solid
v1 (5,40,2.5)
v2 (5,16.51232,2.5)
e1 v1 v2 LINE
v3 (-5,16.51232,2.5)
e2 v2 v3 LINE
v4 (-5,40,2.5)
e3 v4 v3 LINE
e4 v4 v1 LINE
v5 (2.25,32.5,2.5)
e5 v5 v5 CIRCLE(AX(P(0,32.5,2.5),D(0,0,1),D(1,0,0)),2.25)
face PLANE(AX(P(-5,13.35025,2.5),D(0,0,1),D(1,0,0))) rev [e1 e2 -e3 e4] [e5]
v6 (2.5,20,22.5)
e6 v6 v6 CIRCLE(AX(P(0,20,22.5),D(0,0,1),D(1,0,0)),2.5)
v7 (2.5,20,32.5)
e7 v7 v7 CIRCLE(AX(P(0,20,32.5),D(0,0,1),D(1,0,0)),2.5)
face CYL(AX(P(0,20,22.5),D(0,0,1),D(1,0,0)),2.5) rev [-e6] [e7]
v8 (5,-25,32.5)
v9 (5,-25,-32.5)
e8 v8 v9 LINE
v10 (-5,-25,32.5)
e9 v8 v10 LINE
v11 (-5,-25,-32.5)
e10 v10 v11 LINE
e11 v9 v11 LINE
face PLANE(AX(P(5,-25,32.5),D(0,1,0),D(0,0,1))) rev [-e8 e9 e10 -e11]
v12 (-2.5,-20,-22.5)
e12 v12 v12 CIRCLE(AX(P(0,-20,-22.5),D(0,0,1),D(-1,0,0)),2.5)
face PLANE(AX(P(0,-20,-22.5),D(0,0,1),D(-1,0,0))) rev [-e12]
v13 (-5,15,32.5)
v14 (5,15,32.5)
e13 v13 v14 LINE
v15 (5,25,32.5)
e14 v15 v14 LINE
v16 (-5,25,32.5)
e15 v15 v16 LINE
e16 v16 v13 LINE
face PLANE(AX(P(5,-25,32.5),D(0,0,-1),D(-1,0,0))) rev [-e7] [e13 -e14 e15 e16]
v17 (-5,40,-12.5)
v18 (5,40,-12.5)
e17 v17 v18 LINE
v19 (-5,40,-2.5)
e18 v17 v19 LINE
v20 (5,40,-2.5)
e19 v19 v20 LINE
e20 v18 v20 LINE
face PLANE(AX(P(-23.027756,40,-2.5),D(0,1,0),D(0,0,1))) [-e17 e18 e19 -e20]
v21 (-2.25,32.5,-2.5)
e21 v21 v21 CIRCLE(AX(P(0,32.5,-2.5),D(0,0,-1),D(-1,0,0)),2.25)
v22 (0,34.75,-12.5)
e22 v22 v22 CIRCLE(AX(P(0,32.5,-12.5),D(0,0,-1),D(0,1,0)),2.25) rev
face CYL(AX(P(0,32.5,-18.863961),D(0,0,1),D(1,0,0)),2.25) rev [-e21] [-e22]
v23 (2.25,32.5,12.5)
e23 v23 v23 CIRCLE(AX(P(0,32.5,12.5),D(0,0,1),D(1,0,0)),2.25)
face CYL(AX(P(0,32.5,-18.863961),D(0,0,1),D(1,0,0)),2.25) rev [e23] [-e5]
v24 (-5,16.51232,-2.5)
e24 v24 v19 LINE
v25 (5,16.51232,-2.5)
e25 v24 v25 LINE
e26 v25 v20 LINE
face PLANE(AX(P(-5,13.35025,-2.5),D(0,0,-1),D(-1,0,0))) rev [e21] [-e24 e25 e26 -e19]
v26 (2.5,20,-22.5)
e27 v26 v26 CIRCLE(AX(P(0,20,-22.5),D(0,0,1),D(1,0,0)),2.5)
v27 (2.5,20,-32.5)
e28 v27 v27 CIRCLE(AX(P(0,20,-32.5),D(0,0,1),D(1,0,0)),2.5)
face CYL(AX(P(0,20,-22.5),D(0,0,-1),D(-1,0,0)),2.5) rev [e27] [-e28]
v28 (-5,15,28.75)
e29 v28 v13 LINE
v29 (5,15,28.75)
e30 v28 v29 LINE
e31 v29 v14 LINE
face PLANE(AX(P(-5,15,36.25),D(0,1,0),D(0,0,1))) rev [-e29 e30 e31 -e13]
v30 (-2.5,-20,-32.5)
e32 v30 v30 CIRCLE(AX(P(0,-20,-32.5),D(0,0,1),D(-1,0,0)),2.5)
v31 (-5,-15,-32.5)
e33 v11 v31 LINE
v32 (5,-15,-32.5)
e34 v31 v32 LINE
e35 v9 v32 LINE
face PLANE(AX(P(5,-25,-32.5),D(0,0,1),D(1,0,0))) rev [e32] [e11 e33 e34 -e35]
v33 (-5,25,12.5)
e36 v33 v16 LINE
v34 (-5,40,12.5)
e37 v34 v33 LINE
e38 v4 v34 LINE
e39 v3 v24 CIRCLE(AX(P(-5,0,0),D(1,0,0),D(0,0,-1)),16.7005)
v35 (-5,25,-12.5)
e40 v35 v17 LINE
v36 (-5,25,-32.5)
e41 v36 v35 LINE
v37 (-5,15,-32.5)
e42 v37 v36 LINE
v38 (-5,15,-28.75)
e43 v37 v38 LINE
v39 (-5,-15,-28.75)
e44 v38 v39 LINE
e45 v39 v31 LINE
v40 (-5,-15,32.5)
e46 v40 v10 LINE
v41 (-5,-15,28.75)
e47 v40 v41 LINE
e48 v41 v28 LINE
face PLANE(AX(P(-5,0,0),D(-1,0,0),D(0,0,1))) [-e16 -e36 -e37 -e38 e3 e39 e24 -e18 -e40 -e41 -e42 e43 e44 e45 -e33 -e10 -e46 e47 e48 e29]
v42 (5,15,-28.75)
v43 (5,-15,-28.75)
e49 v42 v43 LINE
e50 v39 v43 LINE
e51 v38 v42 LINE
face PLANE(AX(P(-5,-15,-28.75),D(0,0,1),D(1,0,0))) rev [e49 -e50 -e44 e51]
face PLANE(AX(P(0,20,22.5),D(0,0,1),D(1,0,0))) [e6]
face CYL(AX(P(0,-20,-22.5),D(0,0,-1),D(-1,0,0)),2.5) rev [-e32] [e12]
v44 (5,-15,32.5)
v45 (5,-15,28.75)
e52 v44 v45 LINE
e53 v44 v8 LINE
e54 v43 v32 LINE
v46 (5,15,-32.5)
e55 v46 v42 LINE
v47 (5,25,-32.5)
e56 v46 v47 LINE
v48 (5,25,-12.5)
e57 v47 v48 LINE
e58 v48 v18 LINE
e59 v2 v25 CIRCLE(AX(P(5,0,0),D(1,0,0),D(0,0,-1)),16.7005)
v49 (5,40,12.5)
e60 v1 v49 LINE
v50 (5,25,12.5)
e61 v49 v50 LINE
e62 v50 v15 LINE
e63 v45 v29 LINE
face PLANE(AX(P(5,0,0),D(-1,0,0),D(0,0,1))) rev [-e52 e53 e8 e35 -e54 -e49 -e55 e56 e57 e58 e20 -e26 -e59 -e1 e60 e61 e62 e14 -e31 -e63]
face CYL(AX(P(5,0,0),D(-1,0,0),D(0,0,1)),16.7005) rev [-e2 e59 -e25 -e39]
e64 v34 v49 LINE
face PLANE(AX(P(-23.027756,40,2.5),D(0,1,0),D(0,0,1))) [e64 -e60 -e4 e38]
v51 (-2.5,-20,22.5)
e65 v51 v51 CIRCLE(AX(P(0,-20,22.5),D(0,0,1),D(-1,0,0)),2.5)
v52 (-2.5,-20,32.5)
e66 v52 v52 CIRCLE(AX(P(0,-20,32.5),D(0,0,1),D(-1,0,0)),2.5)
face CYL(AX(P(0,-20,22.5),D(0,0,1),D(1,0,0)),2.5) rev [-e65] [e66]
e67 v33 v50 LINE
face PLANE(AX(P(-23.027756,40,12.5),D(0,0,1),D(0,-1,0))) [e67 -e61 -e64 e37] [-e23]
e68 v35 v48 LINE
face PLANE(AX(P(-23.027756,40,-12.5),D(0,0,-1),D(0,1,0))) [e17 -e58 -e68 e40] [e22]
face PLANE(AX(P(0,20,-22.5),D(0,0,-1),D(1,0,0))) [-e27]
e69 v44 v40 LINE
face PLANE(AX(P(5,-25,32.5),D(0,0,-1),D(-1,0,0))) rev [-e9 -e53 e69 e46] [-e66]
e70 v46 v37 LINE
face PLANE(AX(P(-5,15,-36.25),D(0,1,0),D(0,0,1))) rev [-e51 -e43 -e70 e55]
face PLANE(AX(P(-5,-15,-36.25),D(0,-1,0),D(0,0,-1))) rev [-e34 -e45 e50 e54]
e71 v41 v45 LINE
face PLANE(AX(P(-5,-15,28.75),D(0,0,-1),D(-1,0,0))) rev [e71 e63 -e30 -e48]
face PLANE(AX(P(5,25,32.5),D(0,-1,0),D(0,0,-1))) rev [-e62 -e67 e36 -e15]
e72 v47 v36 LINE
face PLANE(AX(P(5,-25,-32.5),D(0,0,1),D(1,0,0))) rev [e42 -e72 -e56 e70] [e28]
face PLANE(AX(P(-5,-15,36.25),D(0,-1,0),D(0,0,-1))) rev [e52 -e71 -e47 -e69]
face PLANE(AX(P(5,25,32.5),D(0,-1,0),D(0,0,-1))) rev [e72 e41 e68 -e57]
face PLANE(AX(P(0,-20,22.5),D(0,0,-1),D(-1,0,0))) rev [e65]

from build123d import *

# Parameters (mm, degrees)
CROQUIS1_W              = 65
CROQUIS1_H              = 50
CROQUIS1_R              = 16.7005
SALIENTE_EXTRUIR1_DEPTH = 5
CROQUIS2_W              = 7.5
CROQUIS2_H              = 30
CORTAR_EXTRUIR1_DEPTH   = 43.20485754
CROQUIS3_W              = 5
CROQUIS3_H              = 15
CORTAR_EXTRUIR2_DEPTH   = 43.20485754
CROQUIS4_W              = 10
CROQUIS4_H              = 15
SALIENTE_EXTRUIR2_DEPTH = 10
CROQUIS5_R              = 2.5
CORTAR_EXTRUIR3_DEPTH   = 10
CORTAR_EXTRUIR4_REACH   = 62.415
CROQUIS6_R              = 2.25


with BuildPart() as part:
    # Croquis1 → Saliente-Extruir1 (new, symmetric)
    with BuildSketch(Plane(origin=(0, 0, 0), x_dir=(0, 0, -1), z_dir=(1, 0, 0))):
        Rectangle(CROQUIS1_W, CROQUIS1_H)
        Circle(CROQUIS1_R, mode=Mode.SUBTRACT)
    extrude(amount=SALIENTE_EXTRUIR1_DEPTH, both=True)

    # Croquis2 → Cortar-Extruir1 (cut, through all)
    with BuildSketch(Plane(origin=(5, 0, 0), x_dir=(0, 0, -1), z_dir=(1, 0, 0))):
        with Locations((-32.5, 0)):
            Rectangle(CROQUIS2_W, CROQUIS2_H)
        with Locations((32.5, 0)):
            Rectangle(CROQUIS2_W, CROQUIS2_H)
    extrude(amount=-CORTAR_EXTRUIR1_DEPTH, mode=Mode.SUBTRACT)

    # Croquis3 → Cortar-Extruir2 (cut, through all)
    with BuildSketch(Plane(origin=(5, 0, 0), x_dir=(0, 0, -1), z_dir=(1, 0, 0))):
        with Locations((0, 20.85025)):
            Rectangle(CROQUIS3_W, CROQUIS3_H)
    extrude(amount=-CORTAR_EXTRUIR2_DEPTH, mode=Mode.SUBTRACT)

    # Croquis4 → Saliente-Extruir2 (add)
    with BuildSketch(Plane(origin=(5, 0, 0), x_dir=(0, 0, -1), z_dir=(1, 0, 0))):
        with Locations((-7.5, 32.5)):
            Rectangle(CROQUIS4_W, CROQUIS4_H)
        with Locations((7.5, 32.5)):
            Rectangle(CROQUIS4_W, CROQUIS4_H)
    extrude(amount=-SALIENTE_EXTRUIR2_DEPTH)

    # Croquis5 → Cortar-Extruir3 (cut)
    with BuildSketch(Plane.XY.offset(32.5)):
        with Locations((0, 20)):
            Circle(CROQUIS5_R)
        with Locations(Location((0, -20, 0), (0, 0, 180))):
            Circle(CROQUIS5_R)
    cortar_extruir3 = extrude(amount=-CORTAR_EXTRUIR3_DEPTH, mode=Mode.SUBTRACT)

    # Simetría1: Cortar-Extruir3 across plane
    add(cortar_extruir3.mirror(Plane.XY), mode=Mode.SUBTRACT)

    # Cortar-Extruir4: up to this face of the body (flat: up to its plane)
    cortar_extruir4_end = Plane(part.part.faces().sort_by_distance((0, 32.5, -12.5))[0])
    # Croquis6 → Cortar-Extruir4 (cut, up to the picked face)
    with BuildSketch(Plane.XY.offset(12.5), mode=Mode.PRIVATE) as cortar_extruir4_sk1:
        with Locations((0, 32.5)):
            Circle(CROQUIS6_R)
    cortar_extruir4_tool1 = split(extrude(cortar_extruir4_sk1.sketch, amount=-CORTAR_EXTRUIR4_REACH, mode=Mode.PRIVATE), bisect_by=cortar_extruir4_end, keep=Keep.BOTH, mode=Mode.PRIVATE)
    add(cortar_extruir4_tool1.solids().sort_by(Axis((0, 32.5, 12.5), (0, 0, -1)))[0], mode=Mode.SUBTRACT)


solid = part.part
